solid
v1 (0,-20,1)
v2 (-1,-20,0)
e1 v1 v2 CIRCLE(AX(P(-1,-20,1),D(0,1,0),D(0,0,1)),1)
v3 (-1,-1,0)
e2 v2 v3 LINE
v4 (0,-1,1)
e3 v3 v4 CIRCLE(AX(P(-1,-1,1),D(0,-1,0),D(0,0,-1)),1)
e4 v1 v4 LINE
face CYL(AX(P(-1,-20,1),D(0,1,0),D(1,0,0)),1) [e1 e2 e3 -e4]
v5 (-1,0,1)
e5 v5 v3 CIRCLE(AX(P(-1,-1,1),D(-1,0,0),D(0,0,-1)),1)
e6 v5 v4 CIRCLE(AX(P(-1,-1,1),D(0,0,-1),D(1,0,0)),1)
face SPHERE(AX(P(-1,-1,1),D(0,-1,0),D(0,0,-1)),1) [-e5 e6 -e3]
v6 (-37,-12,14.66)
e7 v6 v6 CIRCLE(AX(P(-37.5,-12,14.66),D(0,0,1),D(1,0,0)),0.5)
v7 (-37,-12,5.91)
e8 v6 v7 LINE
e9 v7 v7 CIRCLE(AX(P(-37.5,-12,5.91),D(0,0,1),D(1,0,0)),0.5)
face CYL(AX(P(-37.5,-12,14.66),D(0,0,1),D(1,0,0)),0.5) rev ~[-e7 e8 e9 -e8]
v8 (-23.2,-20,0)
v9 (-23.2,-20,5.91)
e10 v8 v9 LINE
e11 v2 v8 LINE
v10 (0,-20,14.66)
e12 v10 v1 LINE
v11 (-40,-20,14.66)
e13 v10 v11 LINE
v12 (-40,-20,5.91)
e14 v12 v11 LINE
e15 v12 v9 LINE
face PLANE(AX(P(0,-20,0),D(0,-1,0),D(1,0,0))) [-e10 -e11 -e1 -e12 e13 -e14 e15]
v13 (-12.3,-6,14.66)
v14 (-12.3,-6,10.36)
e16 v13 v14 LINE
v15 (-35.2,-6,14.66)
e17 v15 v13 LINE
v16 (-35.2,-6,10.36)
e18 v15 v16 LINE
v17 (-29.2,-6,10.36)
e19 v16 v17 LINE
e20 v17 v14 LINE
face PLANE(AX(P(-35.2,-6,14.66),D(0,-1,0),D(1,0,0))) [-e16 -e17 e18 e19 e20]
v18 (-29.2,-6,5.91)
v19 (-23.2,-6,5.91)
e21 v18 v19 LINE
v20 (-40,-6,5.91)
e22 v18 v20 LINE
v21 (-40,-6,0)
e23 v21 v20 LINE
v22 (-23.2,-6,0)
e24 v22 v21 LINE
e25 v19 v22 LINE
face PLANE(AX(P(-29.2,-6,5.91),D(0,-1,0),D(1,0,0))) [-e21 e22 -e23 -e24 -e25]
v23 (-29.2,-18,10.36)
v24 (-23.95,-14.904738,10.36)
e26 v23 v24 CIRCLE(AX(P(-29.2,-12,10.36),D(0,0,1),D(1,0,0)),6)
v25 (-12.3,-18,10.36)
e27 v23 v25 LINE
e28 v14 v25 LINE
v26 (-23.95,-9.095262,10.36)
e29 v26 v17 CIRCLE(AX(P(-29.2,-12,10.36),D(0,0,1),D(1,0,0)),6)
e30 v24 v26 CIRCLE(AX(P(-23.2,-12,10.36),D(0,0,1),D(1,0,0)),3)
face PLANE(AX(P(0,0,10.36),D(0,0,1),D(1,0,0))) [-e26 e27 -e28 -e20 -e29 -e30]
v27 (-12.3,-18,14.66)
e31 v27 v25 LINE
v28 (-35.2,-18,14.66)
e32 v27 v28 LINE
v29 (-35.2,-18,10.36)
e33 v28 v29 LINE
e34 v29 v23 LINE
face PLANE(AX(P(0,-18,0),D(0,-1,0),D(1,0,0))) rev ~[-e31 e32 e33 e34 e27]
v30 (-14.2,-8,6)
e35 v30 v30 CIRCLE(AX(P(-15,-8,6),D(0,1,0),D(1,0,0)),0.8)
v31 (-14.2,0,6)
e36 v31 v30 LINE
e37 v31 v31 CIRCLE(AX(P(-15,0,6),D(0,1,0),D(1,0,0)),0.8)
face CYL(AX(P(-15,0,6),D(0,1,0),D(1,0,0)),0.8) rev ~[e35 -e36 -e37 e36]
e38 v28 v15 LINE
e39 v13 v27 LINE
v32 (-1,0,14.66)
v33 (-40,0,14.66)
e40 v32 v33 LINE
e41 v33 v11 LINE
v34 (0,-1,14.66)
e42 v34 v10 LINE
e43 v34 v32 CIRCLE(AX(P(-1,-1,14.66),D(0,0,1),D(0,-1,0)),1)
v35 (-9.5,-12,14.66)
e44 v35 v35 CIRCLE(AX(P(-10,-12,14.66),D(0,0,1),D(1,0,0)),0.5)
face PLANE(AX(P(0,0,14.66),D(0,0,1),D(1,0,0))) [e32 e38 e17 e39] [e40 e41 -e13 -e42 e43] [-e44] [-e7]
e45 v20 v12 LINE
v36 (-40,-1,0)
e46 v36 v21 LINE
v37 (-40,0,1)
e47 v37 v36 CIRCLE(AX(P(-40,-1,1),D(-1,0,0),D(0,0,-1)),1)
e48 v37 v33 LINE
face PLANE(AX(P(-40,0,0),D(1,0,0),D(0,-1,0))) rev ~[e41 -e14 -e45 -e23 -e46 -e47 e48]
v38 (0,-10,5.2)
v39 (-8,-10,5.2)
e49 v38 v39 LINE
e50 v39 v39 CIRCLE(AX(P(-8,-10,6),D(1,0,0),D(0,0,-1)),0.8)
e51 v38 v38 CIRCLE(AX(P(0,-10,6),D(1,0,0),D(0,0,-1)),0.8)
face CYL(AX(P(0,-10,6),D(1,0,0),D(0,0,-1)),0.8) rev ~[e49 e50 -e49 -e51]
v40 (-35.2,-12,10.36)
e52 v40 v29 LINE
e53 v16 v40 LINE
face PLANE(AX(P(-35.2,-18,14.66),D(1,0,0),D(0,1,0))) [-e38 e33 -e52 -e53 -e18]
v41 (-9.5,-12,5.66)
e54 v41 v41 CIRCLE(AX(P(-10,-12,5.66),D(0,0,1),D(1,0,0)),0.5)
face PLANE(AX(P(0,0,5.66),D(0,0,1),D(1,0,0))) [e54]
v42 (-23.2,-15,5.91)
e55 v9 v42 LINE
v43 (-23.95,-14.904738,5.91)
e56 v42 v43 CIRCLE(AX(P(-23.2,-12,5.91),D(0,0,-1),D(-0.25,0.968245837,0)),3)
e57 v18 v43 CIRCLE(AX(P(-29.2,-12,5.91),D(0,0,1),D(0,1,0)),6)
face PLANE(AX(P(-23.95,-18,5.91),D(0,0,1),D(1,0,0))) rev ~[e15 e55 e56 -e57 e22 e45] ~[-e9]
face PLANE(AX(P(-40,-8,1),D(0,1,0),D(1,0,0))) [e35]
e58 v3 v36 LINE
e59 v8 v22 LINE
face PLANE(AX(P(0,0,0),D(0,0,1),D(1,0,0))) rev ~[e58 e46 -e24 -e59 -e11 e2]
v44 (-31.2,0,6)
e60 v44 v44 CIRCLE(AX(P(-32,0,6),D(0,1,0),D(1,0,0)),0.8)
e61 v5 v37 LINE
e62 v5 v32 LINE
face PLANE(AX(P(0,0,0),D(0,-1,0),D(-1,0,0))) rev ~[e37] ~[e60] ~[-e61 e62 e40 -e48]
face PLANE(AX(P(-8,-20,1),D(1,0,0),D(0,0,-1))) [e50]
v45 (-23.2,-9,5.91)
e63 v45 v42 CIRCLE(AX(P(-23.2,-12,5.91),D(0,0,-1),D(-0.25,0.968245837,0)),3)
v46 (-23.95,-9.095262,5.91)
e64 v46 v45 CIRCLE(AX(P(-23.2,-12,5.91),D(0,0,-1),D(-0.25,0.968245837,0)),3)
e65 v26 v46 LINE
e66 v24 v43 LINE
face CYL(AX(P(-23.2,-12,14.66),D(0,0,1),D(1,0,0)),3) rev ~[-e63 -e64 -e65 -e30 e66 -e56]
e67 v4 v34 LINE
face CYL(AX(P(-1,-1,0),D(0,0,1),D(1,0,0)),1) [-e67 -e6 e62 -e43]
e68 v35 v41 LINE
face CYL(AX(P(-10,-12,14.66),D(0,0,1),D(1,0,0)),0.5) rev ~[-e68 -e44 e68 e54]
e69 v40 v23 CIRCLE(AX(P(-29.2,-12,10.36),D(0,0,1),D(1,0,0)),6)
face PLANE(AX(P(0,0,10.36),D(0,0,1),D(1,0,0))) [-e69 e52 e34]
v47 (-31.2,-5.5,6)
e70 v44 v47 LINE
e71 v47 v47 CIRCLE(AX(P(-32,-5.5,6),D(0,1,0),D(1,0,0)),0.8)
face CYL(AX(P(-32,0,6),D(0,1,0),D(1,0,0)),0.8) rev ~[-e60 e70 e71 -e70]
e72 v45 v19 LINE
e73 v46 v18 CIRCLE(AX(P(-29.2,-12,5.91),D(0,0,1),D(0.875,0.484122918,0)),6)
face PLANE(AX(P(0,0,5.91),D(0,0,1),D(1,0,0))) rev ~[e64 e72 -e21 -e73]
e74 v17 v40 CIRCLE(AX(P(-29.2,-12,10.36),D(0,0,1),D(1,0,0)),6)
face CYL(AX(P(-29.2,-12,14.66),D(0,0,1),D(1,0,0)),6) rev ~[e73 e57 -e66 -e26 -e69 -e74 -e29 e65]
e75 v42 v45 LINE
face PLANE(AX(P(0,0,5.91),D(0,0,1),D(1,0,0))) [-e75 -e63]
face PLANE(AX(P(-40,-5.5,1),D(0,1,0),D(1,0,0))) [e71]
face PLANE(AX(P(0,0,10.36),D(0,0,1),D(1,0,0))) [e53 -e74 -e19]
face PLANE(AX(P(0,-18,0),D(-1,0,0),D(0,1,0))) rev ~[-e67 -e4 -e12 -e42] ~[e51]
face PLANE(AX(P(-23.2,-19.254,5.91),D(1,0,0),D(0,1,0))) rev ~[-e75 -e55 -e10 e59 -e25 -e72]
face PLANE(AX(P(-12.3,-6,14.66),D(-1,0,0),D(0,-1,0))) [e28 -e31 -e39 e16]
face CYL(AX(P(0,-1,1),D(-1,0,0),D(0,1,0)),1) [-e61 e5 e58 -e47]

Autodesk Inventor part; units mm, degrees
ref_plane "YZ Plane" through (0, 0, 0) normal (1, 0, 0) x (0, 1, 0)
ref_plane "XZ Plane" through (0, 0, 0) normal (0, 1, 0) x (-1, 0, 0)
ref_plane "XY Plane" through (0, 0, 0) normal (0, 0, 1) x (1, 0, 0)
sketch "Sketch1" plane through (0, 0, 0) normal (0, 0, 1) x (1, 0, 0)
  line L0 (0, 0) -> (-40, 0)
  line L1 (-40, 0) -> (-40, -18)
  line L2 (-40, -18) -> (0, -18)
  line L3 (0, -18) -> (0, 0)
  dimension "d0" = 40
  dimension "d1" = 18
extrude "Extrusion1" add sketch "Sketch1" along normal blind 14.66
sketch "Sketch2" plane through (0, 0, 14.66) normal (0, 0, 1) x (1, 0, 0)
  circle A0 centre (-37.5, -12) radius 0.5
  circle A1 centre (-10, -12) radius 0.5
  line L0 (-40, -18) -> (0, -18) projected
  line L1 (-40, 0) -> (-40, -18) projected
  line L2 (-35.2, -6) -> (-12.3, -6)
  line L3 (-12.3, -6) -> (-12.3, -18)
  line L4 (-12.3, -18) -> (-35.2, -18)
  line L5 (-35.2, -18) -> (-35.2, -6)
  circle A2 centre (-29.2, -12) radius 6
  circle A3 centre (-23.2, -12) radius 3
  point P0 (0, 0)
  point P1 (-23.95, -9.0953)
  point P2 (-23.95, -14.9047)
  dimension "d4" = 1
  dimension "d5" = 1
  dimension "d6" = 6
  dimension "d7" = 6
  dimension "d8" = 27.5
  dimension "d9" = 2.5
  dimension "d10" = 12
  dimension "d11" = 4.8
  dimension "d12" = 2.3
  dimension "d17" = 6
  dimension "d18" = 6
extrude "Extrusion2" cut sketch "Sketch2" against normal blind 4.3 contours L5 A2 L0 | A2 A3 L2 L3 L0 | A2 A3 | L5 L2 A2 | A3 A2 | A2 A3
extrude "Extrusion3" cut sketch "Sketch2" against normal blind 9 contours A0 | A1
extrude "Extrusion4" cut sketch "Sketch2" against normal blind 8.75 contours A2 A3 | A3 A2 | A2 A3
sketch "Sketch3" plane through (0, 0, 5.91) normal (0, 0, 1) x (1, 0, 0)
  line L0 (-29.2, -6) -> (-12.3, -6) projected
  line L1 (-23.2, -6) -> (-41.4611, -6)
  line L2 (-41.4611, -6) -> (-41.4611, -19.254)
  line L3 (-41.4611, -19.254) -> (-23.2, -19.254)
  line L4 (-23.2, -19.254) -> (-23.2, -6)
  point P0 (0, 0)
  dimension "d21" = 23.2
extrude "Extrusion5" cut sketch "Sketch3" against normal blind 8.75
sketch "Sketch4" plane through (0, -18, 0) normal (0, -1, 0) x (1, 0, 0)
  line L0 (0, 0) -> (0, 14.66) projected
  line L1 (-23.95, 5.91) -> (-23.2, 5.91) projected
  line L2 (0, 0) -> (-23.2, 0)
  line L3 (-23.2, 0) -> (-23.2, 5.91)
  line L4 (-23.2, 5.91) -> (0, 5.91)
  line L5 (0, 5.91) -> (0, 0)
  line L6 (0, 14.66) -> (-40, 14.66) projected
  line L7 (0, 5.91) -> (-40, 5.91)
  line L8 (-40, 5.91) -> (-40, 14.66)
  line L9 (-40, 14.66) -> (0, 14.66)
  line L10 (0, 14.66) -> (0, 5.91)
extrude "Extrusion6" add sketch "Sketch4" along normal blind 2
fillet "Fillet1" radius 1 3 edges at (0, -10, 0) (-20, 0, 0) (0, 0, 7.33)
sketch "Sketch5" plane through (0, -20, 1) normal (1, 0, 0) x (0, 0, -1)
  circle A0 centre (-5, 10) radius 0.8
  line L0 (1, 0) -> (1, 19) projected
  line L1 (0, 0) -> (-13.66, 0) projected
  point P0 (1, 20)
  dimension "d27" = 1.6
  dimension "d28" = 6
  dimension "d29" = 10
extrude "Extrusion7" cut sketch "Sketch5" against normal blind 8
sketch "Sketch6" plane through (-40, 0, 1) normal (0, 1, 0) x (1, 0, 0)
  circle A0 centre (25, -5) radius 0.8
  circle A1 centre (8, -5) radius 0.8
  line L0 (39, 1) -> (0, 1) projected
  line L1 (40, -13.66) -> (40, 0) projected
  line L2 (0, 0) -> (0, -13.66) projected
  point P0 (40, 1)
  dimension "d32" = 1.6
  dimension "d33" = 1.6
  dimension "d34" = 6
  dimension "d35" = 6
  dimension "d36" = 15
  dimension "d37" = 8
extrude "Extrusion8" cut sketch "Sketch6" against normal blind 8 contours A0
extrude "Extrusion9" cut sketch "Sketch6" against normal blind 5.5 contours A1
equation "\"d5\" = d4"
equation "\"d6\" = 0.5 * d10"
equation "\"d7\" = d6"
equation "\"d17\" = 0.5 * d10"
equation "\"d32\" = d27"
equation "\"d33\" = d27"
properties part number "ServoMount_a"
